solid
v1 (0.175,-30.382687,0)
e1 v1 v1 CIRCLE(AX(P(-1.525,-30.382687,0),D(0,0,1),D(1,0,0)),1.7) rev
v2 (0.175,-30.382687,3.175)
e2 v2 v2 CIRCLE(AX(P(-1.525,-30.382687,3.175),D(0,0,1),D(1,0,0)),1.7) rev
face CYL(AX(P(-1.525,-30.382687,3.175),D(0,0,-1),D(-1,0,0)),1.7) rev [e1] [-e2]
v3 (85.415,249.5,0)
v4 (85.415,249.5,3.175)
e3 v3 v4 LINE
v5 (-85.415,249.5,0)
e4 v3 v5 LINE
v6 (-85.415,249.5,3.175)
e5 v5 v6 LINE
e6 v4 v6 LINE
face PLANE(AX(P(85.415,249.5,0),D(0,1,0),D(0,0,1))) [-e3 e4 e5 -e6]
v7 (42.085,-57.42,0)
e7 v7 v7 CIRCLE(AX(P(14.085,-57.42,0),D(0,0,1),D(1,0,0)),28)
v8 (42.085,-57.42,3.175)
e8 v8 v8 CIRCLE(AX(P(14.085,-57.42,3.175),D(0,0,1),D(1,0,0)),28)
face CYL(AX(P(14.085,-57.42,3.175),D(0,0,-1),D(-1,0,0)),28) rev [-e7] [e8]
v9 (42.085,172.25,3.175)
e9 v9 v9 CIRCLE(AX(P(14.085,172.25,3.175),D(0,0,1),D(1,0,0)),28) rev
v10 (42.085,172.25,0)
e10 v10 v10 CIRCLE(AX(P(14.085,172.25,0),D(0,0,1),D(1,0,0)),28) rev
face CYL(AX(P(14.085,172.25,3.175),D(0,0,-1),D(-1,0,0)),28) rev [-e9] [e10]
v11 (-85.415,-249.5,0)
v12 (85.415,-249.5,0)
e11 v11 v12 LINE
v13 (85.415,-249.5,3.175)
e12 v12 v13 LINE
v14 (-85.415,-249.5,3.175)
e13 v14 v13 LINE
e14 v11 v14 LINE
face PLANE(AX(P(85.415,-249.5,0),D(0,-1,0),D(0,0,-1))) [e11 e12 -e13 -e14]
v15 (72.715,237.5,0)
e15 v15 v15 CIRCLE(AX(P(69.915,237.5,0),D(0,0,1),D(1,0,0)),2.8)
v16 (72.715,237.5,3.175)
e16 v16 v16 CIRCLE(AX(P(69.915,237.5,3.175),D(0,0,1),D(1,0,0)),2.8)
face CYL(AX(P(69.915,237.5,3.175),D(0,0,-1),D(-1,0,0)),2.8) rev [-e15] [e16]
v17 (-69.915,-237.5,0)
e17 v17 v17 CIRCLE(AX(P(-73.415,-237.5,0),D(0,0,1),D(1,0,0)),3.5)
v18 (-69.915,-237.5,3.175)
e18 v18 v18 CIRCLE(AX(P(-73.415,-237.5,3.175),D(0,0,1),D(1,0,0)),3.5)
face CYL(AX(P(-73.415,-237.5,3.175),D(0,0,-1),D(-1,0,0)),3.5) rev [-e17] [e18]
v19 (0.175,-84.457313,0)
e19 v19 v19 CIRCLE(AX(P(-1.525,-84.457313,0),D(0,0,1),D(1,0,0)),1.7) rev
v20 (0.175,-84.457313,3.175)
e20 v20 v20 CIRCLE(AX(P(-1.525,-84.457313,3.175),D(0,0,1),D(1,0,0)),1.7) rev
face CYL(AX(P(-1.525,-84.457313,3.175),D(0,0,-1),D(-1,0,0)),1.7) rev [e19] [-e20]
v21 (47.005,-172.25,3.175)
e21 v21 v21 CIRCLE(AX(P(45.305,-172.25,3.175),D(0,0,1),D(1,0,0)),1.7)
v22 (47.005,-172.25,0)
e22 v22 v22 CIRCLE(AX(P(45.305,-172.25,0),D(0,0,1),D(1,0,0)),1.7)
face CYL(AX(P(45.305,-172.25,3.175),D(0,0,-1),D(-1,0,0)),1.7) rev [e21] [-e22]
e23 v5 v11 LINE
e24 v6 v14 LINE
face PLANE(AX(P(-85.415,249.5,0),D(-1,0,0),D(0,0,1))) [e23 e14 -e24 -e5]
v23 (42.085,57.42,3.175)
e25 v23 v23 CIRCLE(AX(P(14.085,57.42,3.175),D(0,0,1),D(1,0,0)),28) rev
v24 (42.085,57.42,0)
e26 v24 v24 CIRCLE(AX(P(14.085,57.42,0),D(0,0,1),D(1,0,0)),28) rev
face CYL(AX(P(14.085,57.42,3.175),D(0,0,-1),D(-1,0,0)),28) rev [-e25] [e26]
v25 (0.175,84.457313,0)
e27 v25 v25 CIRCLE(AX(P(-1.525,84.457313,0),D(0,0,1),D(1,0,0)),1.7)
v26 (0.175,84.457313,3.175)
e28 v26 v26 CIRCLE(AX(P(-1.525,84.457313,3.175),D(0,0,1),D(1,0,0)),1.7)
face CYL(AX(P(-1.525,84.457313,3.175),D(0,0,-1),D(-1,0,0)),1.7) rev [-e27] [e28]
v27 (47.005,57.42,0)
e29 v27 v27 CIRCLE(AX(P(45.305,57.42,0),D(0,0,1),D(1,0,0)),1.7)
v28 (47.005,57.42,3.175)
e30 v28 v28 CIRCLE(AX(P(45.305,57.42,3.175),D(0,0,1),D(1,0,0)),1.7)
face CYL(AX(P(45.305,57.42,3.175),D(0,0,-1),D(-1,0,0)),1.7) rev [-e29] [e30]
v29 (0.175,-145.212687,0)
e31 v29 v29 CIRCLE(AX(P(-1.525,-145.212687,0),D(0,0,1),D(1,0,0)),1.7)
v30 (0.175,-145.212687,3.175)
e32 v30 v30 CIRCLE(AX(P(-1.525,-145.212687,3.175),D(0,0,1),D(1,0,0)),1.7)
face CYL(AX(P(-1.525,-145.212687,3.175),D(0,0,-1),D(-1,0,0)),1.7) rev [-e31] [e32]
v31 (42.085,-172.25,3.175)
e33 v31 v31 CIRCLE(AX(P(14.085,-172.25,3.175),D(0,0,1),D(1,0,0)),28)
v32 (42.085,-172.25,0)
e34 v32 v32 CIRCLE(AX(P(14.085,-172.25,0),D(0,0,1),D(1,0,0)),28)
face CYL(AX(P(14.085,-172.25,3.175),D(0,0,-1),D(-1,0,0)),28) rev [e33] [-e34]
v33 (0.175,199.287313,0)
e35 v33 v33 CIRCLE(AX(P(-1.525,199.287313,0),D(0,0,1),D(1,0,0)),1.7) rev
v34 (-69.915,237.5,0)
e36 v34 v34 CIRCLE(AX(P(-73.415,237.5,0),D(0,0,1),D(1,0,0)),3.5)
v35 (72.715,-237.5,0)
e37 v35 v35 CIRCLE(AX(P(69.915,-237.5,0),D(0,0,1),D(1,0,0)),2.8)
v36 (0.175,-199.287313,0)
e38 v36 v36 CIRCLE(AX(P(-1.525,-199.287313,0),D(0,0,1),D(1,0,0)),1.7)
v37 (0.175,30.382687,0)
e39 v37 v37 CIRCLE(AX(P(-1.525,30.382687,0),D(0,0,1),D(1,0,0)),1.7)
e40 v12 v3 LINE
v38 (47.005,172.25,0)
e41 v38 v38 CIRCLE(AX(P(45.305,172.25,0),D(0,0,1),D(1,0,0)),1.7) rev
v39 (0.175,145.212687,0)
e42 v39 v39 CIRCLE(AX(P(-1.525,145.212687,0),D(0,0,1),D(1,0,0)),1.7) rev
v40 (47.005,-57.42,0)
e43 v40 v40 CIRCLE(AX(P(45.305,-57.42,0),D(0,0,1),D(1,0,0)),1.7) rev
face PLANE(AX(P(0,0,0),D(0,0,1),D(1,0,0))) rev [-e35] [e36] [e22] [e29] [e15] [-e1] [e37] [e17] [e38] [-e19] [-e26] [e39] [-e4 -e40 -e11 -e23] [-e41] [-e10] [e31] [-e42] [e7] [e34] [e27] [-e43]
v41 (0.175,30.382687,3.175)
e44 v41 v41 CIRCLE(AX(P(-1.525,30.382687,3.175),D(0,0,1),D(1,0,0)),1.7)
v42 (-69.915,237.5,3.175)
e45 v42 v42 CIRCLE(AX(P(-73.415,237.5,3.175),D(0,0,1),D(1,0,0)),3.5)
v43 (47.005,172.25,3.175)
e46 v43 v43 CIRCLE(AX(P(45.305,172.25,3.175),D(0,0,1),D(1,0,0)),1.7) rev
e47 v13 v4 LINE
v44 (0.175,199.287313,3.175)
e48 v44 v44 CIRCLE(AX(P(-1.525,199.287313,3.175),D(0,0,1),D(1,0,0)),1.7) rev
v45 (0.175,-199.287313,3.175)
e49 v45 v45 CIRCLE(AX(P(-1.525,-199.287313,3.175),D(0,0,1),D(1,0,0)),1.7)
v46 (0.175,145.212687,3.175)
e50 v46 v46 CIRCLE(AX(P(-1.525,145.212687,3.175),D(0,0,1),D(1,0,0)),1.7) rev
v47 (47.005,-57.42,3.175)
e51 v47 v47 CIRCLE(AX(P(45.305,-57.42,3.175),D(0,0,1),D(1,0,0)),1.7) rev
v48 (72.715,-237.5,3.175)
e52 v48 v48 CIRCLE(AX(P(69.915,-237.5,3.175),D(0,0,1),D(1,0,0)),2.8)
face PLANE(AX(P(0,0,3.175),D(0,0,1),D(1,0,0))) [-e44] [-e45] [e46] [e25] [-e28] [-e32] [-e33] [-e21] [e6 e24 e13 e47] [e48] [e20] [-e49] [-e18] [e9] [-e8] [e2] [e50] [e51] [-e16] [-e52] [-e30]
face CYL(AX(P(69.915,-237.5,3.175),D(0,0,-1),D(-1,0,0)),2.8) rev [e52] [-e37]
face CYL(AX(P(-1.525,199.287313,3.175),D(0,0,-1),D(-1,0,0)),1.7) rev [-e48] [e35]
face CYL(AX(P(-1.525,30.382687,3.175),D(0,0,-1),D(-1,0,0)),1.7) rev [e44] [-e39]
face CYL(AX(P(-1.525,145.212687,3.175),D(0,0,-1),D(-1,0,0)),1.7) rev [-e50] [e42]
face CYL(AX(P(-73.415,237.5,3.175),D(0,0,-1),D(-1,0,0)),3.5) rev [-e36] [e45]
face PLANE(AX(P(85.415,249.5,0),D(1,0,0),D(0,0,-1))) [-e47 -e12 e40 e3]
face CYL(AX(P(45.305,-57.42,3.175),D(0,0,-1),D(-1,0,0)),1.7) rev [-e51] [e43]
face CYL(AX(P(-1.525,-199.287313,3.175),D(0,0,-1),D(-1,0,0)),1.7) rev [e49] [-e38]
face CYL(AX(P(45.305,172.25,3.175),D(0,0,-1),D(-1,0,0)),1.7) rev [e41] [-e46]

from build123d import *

# Parameters (mm, degrees)
SKETCH1_W           = 500
SKETCH1_H           = 171.83
SKETCH1_R           = 1.7
SKETCH1_R_2         = 28
SKETCH1_R_3         = 2.8
SKETCH1_R_4         = 3.5
BOSS_EXTRUDE1_DEPTH = 3.175
SKETCH2_W           = 171.83
SKETCH2_H           = 500
SKETCH2_W_2         = 170.83
SKETCH2_H_2         = 499
CUT_EXTRUDE1_DEPTH  = 3.175


with BuildPart() as part:
    # Sketch1 → Boss-Extrude1 (new body)
    with BuildSketch(Plane(origin=(0, 0, 0), x_dir=(0, 1, 0), z_dir=(0, 0, 1))):
        Rectangle(SKETCH1_W, SKETCH1_H)
        with Locations(Location((57.42, -45.305, 0), (0, 0, 270))):
            Circle(SKETCH1_R, mode=Mode.SUBTRACT)
        with Locations(Location((30.382686894, 1.525, 0), (0, 0, 270))):
            Circle(SKETCH1_R, mode=Mode.SUBTRACT)
        with Locations(Location((84.457313106, 1.525, 0), (0, 0, 270))):
            Circle(SKETCH1_R, mode=Mode.SUBTRACT)
        with Locations(Location((145.212686894, 1.525, 0), (0, 0, 270))):
            Circle(SKETCH1_R, mode=Mode.SUBTRACT)
        with Locations(Location((-57.42, -45.305, 0), (0, 0, 270))):
            Circle(SKETCH1_R, mode=Mode.SUBTRACT)
        with Locations(Location((-30.382686894, 1.525, 0), (0, 0, 270))):
            Circle(SKETCH1_R, mode=Mode.SUBTRACT)
        with Locations(Location((-145.212686894, 1.525, 0), (0, 0, 270))):
            Circle(SKETCH1_R, mode=Mode.SUBTRACT)
        with Locations(Location((-199.287313106, 1.525, 0), (0, 0, 270))):
            Circle(SKETCH1_R, mode=Mode.SUBTRACT)
        with Locations(Location((-172.25, -45.305, 0), (0, 0, 270))):
            Circle(SKETCH1_R, mode=Mode.SUBTRACT)
        with Locations(Location((172.25, -14.085, 0), (0, 0, 270))):
            Circle(SKETCH1_R_2, mode=Mode.SUBTRACT)
        with Locations(Location((-57.42, -14.085, 0), (0, 0, 270))):
            Circle(SKETCH1_R_2, mode=Mode.SUBTRACT)
        with Locations(Location((-172.25, -14.085, 0), (0, 0, 270))):
            Circle(SKETCH1_R_2, mode=Mode.SUBTRACT)
        with Locations(Location((237.5, -69.915, 0), (0, 0, 270))):
            Circle(SKETCH1_R_3, mode=Mode.SUBTRACT)
        with Locations(Location((-237.5, -69.915, 0), (0, 0, 270))):
            Circle(SKETCH1_R_3, mode=Mode.SUBTRACT)
        with Locations(Location((237.5, 73.415, 0), (0, 0, 270))):
            Circle(SKETCH1_R_4, mode=Mode.SUBTRACT)
        with Locations(Location((-237.5, 73.415, 0), (0, 0, 270))):
            Circle(SKETCH1_R_4, mode=Mode.SUBTRACT)
        with Locations(Location((57.42, -14.085, 0), (0, 0, 270))):
            Circle(SKETCH1_R_2, mode=Mode.SUBTRACT)
        with Locations(Location((-84.457313106, 1.525, 0), (0, 0, 270))):
            Circle(SKETCH1_R, mode=Mode.SUBTRACT)
        with Locations(Location((199.287313106, 1.525, 0), (0, 0, 270))):
            Circle(SKETCH1_R, mode=Mode.SUBTRACT)
        with Locations(Location((172.25, -45.305, 0), (0, 0, 270))):
            Circle(SKETCH1_R, mode=Mode.SUBTRACT)
    extrude(amount=BOSS_EXTRUDE1_DEPTH)

    # Sketch2 → Cut-Extrude1 (cut)
    with BuildSketch(Plane.XY.offset(3.175)):
        Rectangle(SKETCH2_W, SKETCH2_H)
        Rectangle(SKETCH2_W_2, SKETCH2_H_2, mode=Mode.SUBTRACT)
    extrude(amount=-CUT_EXTRUDE1_DEPTH, mode=Mode.SUBTRACT)


solid = part.part
